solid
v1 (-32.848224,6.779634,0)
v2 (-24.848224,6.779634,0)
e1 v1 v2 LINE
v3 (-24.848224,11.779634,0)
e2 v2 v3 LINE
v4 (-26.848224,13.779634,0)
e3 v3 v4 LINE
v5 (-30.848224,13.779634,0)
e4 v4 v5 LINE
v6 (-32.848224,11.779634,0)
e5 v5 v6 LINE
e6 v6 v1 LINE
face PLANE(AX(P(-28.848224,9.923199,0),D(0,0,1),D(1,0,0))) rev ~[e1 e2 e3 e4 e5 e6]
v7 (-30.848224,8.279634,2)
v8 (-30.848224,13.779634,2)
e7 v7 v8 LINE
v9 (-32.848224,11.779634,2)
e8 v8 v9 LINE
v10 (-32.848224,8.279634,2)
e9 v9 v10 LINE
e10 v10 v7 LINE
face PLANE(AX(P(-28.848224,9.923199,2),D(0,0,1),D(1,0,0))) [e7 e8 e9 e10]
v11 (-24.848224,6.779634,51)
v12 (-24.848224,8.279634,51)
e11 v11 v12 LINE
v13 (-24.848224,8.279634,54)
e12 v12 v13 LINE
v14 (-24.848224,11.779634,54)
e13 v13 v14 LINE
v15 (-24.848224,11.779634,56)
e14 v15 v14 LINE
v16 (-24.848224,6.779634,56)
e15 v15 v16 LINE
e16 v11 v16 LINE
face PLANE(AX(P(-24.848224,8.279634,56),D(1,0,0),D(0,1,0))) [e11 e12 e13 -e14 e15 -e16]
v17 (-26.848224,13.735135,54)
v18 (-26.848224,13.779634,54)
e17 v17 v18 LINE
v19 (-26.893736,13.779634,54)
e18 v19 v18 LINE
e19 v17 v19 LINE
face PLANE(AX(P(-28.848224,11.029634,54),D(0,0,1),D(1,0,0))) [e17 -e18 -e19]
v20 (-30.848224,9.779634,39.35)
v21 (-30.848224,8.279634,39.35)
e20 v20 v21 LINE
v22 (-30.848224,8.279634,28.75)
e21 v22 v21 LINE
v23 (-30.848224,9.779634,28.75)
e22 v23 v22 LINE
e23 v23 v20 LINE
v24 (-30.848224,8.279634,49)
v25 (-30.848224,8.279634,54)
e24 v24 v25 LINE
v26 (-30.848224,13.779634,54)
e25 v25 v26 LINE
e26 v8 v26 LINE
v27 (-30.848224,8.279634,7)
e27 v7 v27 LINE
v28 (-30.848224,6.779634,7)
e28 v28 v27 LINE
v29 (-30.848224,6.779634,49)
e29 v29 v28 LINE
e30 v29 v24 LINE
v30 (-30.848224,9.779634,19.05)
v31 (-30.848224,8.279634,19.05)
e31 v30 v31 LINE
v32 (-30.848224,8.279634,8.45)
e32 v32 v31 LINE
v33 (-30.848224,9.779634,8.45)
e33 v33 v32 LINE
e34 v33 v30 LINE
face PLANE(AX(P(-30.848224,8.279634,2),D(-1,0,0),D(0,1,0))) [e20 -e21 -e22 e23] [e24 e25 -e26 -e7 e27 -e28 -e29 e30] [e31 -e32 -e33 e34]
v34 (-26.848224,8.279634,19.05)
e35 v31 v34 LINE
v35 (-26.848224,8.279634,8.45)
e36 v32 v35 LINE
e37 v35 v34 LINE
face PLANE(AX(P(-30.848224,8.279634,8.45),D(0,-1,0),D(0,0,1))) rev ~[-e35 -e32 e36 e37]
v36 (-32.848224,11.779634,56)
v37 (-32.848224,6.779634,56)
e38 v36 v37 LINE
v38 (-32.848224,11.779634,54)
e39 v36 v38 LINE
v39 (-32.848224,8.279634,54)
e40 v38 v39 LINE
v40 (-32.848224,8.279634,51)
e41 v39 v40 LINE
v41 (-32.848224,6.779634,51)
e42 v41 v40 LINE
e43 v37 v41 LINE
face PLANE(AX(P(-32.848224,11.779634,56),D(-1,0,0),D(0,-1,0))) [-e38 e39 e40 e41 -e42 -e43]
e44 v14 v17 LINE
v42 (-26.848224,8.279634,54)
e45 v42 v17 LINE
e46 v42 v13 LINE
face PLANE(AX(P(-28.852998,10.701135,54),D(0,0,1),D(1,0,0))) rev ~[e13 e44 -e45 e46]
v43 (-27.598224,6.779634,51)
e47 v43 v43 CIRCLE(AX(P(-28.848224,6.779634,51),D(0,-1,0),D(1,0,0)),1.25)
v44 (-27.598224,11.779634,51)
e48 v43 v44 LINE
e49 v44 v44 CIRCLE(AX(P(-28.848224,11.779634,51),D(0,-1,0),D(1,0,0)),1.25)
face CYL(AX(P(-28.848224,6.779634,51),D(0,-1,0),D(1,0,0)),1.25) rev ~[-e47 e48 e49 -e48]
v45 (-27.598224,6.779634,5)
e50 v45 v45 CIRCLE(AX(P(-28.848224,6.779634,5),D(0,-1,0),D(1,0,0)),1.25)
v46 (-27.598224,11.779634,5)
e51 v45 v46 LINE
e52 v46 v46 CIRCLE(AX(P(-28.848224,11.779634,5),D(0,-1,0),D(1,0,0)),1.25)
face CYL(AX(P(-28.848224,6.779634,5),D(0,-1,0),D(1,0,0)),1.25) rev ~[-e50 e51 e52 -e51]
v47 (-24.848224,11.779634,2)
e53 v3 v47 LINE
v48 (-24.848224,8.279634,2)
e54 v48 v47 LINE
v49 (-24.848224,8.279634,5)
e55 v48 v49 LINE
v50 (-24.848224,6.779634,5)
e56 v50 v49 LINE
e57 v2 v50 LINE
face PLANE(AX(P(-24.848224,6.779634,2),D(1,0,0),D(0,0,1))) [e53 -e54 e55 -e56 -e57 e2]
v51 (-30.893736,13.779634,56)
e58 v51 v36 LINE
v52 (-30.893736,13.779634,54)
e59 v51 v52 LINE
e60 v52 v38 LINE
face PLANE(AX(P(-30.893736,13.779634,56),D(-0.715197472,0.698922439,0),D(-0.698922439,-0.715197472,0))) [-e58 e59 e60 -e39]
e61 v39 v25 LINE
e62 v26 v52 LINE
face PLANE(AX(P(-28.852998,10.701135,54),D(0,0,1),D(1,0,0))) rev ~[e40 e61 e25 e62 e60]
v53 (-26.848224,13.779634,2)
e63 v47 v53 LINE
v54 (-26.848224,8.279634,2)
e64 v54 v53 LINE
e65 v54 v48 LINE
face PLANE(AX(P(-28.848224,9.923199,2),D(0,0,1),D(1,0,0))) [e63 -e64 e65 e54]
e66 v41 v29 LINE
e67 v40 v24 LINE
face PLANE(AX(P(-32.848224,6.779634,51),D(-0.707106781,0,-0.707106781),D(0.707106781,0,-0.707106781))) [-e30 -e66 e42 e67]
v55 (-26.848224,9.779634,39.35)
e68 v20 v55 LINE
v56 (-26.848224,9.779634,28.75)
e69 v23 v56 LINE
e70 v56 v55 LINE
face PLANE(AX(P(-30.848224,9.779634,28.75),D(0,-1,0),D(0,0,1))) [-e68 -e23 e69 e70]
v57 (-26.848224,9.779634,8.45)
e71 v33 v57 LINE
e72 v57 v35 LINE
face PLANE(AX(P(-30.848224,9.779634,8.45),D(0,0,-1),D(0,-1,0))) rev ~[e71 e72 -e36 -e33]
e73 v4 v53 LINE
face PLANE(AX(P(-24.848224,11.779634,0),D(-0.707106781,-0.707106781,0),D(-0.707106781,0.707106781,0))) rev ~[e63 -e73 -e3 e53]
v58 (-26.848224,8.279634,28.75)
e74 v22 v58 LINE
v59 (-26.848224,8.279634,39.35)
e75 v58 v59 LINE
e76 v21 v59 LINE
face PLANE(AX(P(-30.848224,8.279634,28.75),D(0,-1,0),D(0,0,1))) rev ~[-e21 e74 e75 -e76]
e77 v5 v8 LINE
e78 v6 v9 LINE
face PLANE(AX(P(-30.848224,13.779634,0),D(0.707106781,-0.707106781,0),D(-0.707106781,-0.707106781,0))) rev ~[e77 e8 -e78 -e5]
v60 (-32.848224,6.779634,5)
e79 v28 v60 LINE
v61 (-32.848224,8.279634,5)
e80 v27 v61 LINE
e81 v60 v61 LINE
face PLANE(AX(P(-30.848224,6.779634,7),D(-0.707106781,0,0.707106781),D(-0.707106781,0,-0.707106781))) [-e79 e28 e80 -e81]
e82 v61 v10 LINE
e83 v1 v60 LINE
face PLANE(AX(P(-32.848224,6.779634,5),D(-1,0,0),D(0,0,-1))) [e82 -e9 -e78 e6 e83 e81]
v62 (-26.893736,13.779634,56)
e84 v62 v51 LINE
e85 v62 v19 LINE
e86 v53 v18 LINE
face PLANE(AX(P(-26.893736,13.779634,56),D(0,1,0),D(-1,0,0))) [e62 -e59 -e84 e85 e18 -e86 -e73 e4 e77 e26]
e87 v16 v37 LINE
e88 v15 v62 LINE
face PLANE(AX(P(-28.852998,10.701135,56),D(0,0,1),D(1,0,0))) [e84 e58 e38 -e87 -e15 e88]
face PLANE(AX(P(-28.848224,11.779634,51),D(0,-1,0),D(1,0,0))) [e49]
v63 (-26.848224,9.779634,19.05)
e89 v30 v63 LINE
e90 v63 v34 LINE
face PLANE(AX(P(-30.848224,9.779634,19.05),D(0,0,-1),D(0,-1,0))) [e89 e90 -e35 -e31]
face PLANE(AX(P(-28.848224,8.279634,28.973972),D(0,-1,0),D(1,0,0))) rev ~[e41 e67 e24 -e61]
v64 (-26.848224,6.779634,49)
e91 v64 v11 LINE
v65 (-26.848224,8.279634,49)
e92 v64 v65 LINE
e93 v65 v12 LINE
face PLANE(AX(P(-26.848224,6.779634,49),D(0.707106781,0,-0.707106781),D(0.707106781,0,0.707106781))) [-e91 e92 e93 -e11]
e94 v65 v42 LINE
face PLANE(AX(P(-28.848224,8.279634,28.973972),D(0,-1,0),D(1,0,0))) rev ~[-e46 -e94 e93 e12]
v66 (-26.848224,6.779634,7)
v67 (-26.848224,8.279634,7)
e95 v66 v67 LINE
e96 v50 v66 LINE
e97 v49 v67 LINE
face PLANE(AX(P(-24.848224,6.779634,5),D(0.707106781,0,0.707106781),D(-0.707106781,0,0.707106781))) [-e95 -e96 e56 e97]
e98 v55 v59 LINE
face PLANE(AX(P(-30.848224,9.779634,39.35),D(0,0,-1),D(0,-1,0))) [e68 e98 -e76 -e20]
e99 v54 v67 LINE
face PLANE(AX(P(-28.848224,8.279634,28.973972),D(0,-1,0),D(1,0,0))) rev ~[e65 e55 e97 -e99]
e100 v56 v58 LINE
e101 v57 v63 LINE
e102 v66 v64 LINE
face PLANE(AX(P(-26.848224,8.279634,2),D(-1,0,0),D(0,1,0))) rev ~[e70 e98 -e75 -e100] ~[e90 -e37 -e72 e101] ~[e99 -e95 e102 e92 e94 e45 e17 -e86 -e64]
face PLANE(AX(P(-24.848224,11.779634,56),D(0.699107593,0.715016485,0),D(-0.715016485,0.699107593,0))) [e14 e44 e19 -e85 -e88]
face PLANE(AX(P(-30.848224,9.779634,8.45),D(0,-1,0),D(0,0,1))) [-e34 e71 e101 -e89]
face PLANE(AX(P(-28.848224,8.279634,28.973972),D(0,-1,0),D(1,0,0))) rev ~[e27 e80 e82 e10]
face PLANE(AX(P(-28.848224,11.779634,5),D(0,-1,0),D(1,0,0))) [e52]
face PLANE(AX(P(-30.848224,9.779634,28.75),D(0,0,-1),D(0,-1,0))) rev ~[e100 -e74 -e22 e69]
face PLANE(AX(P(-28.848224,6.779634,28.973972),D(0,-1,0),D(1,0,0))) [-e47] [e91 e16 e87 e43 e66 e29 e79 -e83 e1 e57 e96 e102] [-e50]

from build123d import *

# Parameters (mm, degrees)
F1_DEPTH  = 2
F3_DEPTH  = 1.5
F5_W      = 4
F5_H      = 5.5
F6_DEPTH  = 52
F4_R      = 1.25
F7_DEPTH  = 5
F8_W      = 1.5
F8_H      = 10.6
F9_DEPTH  = 25
F11_DEPTH = 2


with BuildPart() as f1:
    # F0 (on Top) → F1 (new body)
    with BuildSketch(Plane.XY):
        Polygon((-32.848224, 11.779634), (-32.848224, 6.779634), (-24.848224, 6.779634), (-24.848224, 11.779634), (-26.848224, 13.779634), (-30.848224, 13.779634), align=None)
    extrude(amount=F1_DEPTH)

    # F2 (on face) → F3 (join)
    with BuildSketch(Plane.XZ.offset(-6.779634)):
        Polygon((-32.848224, 5), (-32.848224, 2), (-24.848224, 2), (-24.848224, 5), (-26.848224, 7), (-26.848224, 49), (-24.848224, 51), (-24.848224, 56), (-32.848224, 56), (-32.848224, 51), (-30.848224, 49), (-30.848224, 7), align=None)
    extrude(amount=-F3_DEPTH)

    # F5 (on face) → F6 (join)
    with BuildSketch(Plane.XY.offset(2)):
        with Locations((-28.848224, 11.029634)):
            Rectangle(F5_W, F5_H)
    extrude(amount=F6_DEPTH)

    # F4 (on face) → F7 (cut)
    with BuildSketch(Plane.XZ.offset(-6.779634)):
        with Locations((-28.848224, 5)):
            Circle(F4_R)
        with Locations((-28.848224, 51)):
            Circle(F4_R)
    extrude(amount=-F7_DEPTH, mode=Mode.SUBTRACT)

    # F8 (on face) → F9 (cut)
    with BuildSketch(Plane(origin=(-30.848224, 0, 0), x_dir=(0, -1, 0), z_dir=(-1, 0, 0))):
        with Locations((-9.029634, 13.75)):
            Rectangle(F8_W, F8_H)
        with Locations((-9.029634, 34.05)):
            Rectangle(F8_W, F8_H)
    extrude(amount=-F9_DEPTH, mode=Mode.SUBTRACT)

    # F10 (on face) → F11 (join)
    with BuildSketch(Plane.XY.offset(56)):
        Polygon((-32.848224, 8.279634), (-24.848224, 8.279634), (-24.848224, 11.779634), (-26.893736, 13.779634), (-30.893736, 13.779634), (-32.848224, 11.779634), align=None)
    extrude(amount=-F11_DEPTH)


solid = f1.part
